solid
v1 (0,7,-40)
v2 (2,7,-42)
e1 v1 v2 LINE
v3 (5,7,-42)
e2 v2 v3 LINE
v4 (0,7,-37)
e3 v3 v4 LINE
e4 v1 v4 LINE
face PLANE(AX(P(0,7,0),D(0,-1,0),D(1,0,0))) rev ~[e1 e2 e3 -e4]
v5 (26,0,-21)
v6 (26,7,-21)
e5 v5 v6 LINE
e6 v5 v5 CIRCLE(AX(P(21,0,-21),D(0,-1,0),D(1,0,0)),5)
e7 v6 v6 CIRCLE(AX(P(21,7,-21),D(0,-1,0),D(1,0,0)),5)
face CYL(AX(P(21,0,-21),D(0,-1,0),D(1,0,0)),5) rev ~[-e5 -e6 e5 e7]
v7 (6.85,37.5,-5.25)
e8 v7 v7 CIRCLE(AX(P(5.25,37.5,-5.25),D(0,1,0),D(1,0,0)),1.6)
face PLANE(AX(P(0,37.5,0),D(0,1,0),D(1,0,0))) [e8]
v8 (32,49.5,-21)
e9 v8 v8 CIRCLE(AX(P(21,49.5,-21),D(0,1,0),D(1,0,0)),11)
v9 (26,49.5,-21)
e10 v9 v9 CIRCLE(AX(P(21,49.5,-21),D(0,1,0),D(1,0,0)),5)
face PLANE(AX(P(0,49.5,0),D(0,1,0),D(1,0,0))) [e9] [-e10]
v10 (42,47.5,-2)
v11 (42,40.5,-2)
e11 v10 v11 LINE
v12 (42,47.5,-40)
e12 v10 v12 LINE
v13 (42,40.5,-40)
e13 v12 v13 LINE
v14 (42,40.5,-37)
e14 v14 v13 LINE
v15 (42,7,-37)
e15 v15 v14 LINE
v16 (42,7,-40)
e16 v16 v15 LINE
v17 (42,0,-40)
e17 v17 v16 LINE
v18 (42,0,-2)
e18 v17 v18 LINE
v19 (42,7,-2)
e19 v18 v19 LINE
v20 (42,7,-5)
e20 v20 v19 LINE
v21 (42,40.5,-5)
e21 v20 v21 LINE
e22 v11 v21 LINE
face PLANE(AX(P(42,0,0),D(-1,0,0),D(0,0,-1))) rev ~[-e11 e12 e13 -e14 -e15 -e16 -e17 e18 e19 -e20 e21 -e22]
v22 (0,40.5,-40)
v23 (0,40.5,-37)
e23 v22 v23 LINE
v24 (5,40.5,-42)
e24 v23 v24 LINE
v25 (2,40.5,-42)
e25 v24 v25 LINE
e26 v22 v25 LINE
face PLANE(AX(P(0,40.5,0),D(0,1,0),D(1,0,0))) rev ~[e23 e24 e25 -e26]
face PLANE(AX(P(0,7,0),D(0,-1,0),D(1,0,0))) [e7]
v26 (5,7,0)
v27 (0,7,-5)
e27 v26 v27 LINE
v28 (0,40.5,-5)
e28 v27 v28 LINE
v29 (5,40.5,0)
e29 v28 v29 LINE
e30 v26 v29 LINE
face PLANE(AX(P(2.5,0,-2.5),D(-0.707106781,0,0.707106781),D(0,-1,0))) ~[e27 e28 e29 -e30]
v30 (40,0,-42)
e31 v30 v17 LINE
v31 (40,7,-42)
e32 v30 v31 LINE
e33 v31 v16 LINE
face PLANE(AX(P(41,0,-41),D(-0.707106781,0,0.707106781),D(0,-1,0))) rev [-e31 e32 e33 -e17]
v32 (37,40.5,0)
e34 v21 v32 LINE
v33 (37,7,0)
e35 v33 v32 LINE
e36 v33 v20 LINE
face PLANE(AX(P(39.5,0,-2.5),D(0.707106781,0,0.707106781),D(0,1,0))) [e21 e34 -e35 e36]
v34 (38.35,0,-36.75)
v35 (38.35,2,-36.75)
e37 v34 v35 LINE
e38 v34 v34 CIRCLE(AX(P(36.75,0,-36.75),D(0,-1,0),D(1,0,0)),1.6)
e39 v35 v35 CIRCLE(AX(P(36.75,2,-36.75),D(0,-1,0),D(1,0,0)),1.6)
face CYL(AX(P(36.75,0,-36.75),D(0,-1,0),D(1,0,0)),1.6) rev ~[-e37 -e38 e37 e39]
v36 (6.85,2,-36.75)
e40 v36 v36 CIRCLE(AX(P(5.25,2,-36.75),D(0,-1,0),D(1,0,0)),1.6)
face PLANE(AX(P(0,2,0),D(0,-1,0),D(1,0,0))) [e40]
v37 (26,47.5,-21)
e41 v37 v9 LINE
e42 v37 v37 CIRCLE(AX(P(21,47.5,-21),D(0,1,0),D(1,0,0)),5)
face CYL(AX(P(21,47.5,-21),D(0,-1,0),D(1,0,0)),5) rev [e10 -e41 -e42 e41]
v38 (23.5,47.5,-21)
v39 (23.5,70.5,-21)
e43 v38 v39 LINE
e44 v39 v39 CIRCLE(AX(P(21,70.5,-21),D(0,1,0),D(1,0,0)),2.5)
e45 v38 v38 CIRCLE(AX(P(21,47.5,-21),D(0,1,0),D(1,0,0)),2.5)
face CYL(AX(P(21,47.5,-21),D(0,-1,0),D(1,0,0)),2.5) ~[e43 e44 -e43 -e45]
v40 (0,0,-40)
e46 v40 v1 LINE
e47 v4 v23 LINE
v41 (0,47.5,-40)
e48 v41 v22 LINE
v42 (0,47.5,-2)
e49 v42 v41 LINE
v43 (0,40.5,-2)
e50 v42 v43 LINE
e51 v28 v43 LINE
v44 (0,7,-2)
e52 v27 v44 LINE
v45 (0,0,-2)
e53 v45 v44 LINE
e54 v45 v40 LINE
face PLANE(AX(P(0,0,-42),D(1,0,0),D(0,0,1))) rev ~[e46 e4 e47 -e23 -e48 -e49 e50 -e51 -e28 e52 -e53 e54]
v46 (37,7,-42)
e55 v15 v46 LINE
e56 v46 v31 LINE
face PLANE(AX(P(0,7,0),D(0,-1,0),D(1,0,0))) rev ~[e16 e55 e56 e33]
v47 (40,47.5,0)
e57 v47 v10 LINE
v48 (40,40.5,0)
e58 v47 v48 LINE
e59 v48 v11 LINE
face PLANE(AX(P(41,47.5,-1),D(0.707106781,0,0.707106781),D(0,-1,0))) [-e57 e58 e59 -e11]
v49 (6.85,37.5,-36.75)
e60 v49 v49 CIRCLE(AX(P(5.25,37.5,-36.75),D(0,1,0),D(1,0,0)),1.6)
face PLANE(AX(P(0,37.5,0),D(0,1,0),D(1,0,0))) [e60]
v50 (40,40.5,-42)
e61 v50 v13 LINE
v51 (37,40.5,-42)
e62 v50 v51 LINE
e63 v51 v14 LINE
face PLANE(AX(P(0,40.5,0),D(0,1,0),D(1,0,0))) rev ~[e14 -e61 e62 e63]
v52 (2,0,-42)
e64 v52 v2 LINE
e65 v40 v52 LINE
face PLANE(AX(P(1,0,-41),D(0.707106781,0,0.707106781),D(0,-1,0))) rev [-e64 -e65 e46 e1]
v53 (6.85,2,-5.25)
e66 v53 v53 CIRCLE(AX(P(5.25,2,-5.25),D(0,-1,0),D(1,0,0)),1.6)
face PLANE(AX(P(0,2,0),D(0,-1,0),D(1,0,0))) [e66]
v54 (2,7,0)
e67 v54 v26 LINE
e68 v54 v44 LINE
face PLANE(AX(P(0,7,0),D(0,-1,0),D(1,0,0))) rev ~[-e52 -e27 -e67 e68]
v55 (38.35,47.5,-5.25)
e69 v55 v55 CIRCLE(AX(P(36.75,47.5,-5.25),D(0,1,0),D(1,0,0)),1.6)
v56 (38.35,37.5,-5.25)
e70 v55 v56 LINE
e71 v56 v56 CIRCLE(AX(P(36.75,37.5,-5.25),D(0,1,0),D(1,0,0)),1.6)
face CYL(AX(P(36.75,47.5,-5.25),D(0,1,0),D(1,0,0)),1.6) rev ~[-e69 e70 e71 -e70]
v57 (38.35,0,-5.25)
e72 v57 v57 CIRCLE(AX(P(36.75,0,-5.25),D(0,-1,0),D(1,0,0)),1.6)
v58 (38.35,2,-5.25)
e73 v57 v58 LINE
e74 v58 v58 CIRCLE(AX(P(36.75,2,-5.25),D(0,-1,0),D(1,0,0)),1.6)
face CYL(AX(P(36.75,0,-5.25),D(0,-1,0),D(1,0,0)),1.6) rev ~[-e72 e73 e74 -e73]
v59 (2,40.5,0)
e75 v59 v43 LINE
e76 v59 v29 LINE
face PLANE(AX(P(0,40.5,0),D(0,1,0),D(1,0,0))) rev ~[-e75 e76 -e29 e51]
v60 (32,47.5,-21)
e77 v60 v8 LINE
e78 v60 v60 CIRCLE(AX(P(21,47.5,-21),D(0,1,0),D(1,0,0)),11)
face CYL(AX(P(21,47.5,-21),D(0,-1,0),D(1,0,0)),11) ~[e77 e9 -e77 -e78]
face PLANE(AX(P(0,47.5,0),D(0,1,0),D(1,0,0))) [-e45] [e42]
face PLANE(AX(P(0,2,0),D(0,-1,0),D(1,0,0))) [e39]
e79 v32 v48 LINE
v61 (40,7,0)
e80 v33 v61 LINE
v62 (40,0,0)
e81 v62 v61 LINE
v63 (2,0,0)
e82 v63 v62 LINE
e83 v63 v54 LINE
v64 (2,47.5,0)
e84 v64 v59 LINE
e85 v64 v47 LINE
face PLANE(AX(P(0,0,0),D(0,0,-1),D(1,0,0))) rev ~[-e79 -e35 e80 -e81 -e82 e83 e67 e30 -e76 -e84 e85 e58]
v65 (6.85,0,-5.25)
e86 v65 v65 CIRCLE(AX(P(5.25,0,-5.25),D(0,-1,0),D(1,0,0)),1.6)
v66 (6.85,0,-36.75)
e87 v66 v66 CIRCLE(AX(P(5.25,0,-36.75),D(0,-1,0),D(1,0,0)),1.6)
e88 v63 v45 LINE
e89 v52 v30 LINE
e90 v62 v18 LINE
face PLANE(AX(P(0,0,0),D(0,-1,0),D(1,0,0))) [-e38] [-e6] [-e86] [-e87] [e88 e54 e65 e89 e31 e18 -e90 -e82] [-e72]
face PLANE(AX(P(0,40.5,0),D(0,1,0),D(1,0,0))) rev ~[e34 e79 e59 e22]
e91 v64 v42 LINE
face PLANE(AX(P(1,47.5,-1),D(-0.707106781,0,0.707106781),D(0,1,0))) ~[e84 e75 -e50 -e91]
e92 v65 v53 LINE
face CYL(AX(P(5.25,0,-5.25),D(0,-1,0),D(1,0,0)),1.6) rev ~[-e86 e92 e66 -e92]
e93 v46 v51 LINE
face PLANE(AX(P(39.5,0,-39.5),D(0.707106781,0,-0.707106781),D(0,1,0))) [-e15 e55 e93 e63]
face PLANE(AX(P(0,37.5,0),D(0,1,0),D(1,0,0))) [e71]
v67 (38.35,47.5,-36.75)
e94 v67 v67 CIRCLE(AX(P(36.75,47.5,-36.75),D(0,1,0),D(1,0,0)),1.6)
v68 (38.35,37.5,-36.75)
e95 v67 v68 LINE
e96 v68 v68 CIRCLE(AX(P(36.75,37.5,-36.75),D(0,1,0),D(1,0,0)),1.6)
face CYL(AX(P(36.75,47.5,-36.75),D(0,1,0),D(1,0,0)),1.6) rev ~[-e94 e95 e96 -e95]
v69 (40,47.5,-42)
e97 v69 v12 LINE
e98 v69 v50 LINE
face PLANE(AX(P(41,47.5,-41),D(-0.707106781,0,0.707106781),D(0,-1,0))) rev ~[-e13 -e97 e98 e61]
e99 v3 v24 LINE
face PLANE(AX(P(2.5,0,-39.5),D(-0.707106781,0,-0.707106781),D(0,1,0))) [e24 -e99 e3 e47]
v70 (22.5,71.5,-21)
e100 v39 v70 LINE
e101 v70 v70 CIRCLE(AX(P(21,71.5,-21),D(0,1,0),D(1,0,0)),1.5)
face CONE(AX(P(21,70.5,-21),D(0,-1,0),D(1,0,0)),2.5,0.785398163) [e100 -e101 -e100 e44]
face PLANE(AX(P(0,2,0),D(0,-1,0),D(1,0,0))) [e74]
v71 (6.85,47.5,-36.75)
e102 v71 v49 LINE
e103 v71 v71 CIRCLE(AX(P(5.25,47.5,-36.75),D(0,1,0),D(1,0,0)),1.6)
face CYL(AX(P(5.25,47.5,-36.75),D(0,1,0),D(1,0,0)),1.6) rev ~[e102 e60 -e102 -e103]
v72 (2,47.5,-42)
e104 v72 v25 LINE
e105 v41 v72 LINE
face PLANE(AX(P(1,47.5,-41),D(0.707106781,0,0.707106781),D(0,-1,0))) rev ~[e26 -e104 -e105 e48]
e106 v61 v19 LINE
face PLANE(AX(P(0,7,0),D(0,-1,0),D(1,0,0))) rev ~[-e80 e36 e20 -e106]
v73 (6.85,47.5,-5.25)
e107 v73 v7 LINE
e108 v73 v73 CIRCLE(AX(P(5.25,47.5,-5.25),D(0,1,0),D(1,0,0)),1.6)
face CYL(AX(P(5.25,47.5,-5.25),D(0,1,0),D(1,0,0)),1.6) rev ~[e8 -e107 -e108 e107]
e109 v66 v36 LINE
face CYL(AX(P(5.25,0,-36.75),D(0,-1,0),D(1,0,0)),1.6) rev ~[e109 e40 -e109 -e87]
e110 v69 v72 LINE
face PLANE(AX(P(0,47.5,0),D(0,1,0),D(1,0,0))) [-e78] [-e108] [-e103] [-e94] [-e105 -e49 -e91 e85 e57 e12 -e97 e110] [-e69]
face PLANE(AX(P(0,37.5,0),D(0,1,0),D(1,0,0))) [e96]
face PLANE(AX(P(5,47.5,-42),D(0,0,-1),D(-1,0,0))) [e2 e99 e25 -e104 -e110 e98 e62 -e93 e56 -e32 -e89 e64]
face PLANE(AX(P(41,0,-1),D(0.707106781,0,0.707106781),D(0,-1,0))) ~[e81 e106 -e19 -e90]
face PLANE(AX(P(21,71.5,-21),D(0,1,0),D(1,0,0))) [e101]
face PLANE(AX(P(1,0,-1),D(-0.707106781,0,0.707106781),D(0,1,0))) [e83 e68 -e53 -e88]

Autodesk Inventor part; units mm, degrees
ref_plane "YZ Plane" through (0, 0, 0) normal (1, 0, 0) x (0, 1, 0)
ref_plane "XZ Plane" through (0, 0, 0) normal (0, 1, 0) x (-1, 0, 0)
ref_plane "XY Plane" through (0, 0, 0) normal (0, 0, 1) x (1, 0, 0)
sketch "Sketch1" plane through (0, 0, 0) normal (0, 1, 0) x (-1, 0, 0)
  line L0 (0, 0) -> (-42, 0)
  line L1 (-42, 0) -> (-42, -42)
  line L2 (-42, -42) -> (0, -42)
  line L3 (0, -42) -> (0, 0)
  dimension "d0" = 42
  dimension "d1" = 42
extrude "Extrusion1" add sketch "Sketch1" along normal blind 47.5
chamfer "Chamfer1" distance 5 angle 45 4 edges at (42, 23.75, 0) (0, 23.75, 0) (0, 23.75, -42) (42, 23.75, -42)
sketch "Sketch3" plane through (0, 47.5, 0) normal (0, 1, 0) x (1, 0, 0)
  line L0 (0, 0) -> (42, 0)
  line L1 (42, 0) -> (42, 42)
  line L2 (42, 42) -> (0, 42)
  line L3 (0, 42) -> (0, 0)
  line L4 (37, 42) -> (5, 42) projected
  line L5 (42, 5) -> (42, 37) projected
extrude "Extrusion2" add sketch "Sketch3" against normal blind 7
sketch "Sketch4" plane through (0, 0, 0) normal (0, -1, 0) x (1, 0, 0)
  line L0 (0, 0) -> (42, 0) projected
  line L1 (0, -42) -> (0, 0) projected
  line L2 (42, 0) -> (0, 0)
  line L3 (0, 0) -> (0, -42)
  line L4 (0, -42) -> (42, -42)
  line L5 (42, -42) -> (42, 0)
extrude "Extrusion3" add sketch "Sketch4" against normal blind 7
chamfer "Chamfer2" distance 2 angle 45 8 edges at (42, 44, 0) (42, 3.5, 0) (42, 44, -42) (42, 3.5, -42) (0, 3.5, -42) (0, 3.5, 0) (0, 44, 0) (0, 44, -42)
sketch "Sketch5" plane through (0, 0, 0) normal (0, -1, 0) x (1, 0, 0)
  circle A0 centre (21, -21) radius 5
  line L0 (40, -42) -> (2, -42) projected
  line L1 (42, -40) -> (42, -2) projected
  point P0 (0, 0)
  dimension "d14" = 10
  dimension "d15" = 21
  dimension "d16" = 21
extrude "Extrusion4" cut sketch "Sketch5" against normal blind 7
sketch "Sketch6" plane through (0, 47.5, 0) normal (0, 1, 0) x (1, 0, 0)
  circle A0 centre (21, 21) radius 5 projected
  circle A1 centre (21, 21) radius 5
  circle A2 centre (21, 21) radius 11
  point P0 (0, 0)
  dimension "d19" = 10
  dimension "d20" = 22
extrude "Extrusion5" add sketch "Sketch6" along normal blind 2
sketch "Sketch7" plane through (0, 47.5, 0) normal (0, 1, 0) x (1, 0, 0)
  circle A0 centre (5.25, 5.25) radius 1.6
  circle A1 centre (5.25, 36.75) radius 1.6
  circle A2 centre (36.75, 36.75) radius 1.6
  circle A3 centre (36.75, 5.25) radius 1.6
  line L0 (2, 0) -> (40, 0) projected
  line L1 (0, 40) -> (0, 2) projected
  point P0 (0, 0)
  dimension "d23" = 3.2
  dimension "d24" = 3.2
  dimension "d25" = 3.2
  dimension "d26" = 3.2
  dimension "d27" = 31.5
  dimension "d28" = 31.5
  dimension "d29" = 31.5
  dimension "d30" = 31.5
  dimension "d31" = 5.25
  dimension "d32" = 5.25
  dimension "d33" = 5.25
  dimension "d34" = 5.25
extrude "Extrusion6" cut sketch "Sketch7" against normal blind 10
sketch "Sketch8" plane through (0, 0, 0) normal (0, -1, 0) x (1, 0, 0)
  circle A0 centre (5.25, -36.75) radius 1.6 projected
  circle A1 centre (5.25, -36.75) radius 1.6
  circle A2 centre (5.25, -5.25) radius 1.6 projected
  circle A3 centre (5.25, -5.25) radius 1.6
  circle A4 centre (36.75, -36.75) radius 1.6 projected
  circle A5 centre (36.75, -36.75) radius 1.6
  circle A6 centre (36.75, -5.25) radius 1.6 projected
  circle A7 centre (36.75, -5.25) radius 1.6
  point P0 (0, 0)
  dimension "d37" = 3.2
  dimension "d38" = 3.2
  dimension "d39" = 3.2
  dimension "d40" = 3.2
extrude "Extrusion7" cut sketch "Sketch8" against normal blind 2
sketch "Sketch9" plane through (21, 47.5, -21) normal (0, 1, 0) x (1, 0, 0)
  circle A0 centre (0, 0) radius 2.5
  line L0 (-21, 19) -> (-21, -19) projected
  line L1 (-19, -21) -> (19, -21) projected
  point P0 (-21, -21)
  dimension "d43" = 5
  dimension "d44" = 21
  dimension "d45" = 21
extrude "Extrusion8" add sketch "Sketch9" along normal blind 24
chamfer "Chamfer3" distance 1 angle 45 1 edges at (18.5, 71.5, -21)
properties part number "Nema17" material "Gold"
